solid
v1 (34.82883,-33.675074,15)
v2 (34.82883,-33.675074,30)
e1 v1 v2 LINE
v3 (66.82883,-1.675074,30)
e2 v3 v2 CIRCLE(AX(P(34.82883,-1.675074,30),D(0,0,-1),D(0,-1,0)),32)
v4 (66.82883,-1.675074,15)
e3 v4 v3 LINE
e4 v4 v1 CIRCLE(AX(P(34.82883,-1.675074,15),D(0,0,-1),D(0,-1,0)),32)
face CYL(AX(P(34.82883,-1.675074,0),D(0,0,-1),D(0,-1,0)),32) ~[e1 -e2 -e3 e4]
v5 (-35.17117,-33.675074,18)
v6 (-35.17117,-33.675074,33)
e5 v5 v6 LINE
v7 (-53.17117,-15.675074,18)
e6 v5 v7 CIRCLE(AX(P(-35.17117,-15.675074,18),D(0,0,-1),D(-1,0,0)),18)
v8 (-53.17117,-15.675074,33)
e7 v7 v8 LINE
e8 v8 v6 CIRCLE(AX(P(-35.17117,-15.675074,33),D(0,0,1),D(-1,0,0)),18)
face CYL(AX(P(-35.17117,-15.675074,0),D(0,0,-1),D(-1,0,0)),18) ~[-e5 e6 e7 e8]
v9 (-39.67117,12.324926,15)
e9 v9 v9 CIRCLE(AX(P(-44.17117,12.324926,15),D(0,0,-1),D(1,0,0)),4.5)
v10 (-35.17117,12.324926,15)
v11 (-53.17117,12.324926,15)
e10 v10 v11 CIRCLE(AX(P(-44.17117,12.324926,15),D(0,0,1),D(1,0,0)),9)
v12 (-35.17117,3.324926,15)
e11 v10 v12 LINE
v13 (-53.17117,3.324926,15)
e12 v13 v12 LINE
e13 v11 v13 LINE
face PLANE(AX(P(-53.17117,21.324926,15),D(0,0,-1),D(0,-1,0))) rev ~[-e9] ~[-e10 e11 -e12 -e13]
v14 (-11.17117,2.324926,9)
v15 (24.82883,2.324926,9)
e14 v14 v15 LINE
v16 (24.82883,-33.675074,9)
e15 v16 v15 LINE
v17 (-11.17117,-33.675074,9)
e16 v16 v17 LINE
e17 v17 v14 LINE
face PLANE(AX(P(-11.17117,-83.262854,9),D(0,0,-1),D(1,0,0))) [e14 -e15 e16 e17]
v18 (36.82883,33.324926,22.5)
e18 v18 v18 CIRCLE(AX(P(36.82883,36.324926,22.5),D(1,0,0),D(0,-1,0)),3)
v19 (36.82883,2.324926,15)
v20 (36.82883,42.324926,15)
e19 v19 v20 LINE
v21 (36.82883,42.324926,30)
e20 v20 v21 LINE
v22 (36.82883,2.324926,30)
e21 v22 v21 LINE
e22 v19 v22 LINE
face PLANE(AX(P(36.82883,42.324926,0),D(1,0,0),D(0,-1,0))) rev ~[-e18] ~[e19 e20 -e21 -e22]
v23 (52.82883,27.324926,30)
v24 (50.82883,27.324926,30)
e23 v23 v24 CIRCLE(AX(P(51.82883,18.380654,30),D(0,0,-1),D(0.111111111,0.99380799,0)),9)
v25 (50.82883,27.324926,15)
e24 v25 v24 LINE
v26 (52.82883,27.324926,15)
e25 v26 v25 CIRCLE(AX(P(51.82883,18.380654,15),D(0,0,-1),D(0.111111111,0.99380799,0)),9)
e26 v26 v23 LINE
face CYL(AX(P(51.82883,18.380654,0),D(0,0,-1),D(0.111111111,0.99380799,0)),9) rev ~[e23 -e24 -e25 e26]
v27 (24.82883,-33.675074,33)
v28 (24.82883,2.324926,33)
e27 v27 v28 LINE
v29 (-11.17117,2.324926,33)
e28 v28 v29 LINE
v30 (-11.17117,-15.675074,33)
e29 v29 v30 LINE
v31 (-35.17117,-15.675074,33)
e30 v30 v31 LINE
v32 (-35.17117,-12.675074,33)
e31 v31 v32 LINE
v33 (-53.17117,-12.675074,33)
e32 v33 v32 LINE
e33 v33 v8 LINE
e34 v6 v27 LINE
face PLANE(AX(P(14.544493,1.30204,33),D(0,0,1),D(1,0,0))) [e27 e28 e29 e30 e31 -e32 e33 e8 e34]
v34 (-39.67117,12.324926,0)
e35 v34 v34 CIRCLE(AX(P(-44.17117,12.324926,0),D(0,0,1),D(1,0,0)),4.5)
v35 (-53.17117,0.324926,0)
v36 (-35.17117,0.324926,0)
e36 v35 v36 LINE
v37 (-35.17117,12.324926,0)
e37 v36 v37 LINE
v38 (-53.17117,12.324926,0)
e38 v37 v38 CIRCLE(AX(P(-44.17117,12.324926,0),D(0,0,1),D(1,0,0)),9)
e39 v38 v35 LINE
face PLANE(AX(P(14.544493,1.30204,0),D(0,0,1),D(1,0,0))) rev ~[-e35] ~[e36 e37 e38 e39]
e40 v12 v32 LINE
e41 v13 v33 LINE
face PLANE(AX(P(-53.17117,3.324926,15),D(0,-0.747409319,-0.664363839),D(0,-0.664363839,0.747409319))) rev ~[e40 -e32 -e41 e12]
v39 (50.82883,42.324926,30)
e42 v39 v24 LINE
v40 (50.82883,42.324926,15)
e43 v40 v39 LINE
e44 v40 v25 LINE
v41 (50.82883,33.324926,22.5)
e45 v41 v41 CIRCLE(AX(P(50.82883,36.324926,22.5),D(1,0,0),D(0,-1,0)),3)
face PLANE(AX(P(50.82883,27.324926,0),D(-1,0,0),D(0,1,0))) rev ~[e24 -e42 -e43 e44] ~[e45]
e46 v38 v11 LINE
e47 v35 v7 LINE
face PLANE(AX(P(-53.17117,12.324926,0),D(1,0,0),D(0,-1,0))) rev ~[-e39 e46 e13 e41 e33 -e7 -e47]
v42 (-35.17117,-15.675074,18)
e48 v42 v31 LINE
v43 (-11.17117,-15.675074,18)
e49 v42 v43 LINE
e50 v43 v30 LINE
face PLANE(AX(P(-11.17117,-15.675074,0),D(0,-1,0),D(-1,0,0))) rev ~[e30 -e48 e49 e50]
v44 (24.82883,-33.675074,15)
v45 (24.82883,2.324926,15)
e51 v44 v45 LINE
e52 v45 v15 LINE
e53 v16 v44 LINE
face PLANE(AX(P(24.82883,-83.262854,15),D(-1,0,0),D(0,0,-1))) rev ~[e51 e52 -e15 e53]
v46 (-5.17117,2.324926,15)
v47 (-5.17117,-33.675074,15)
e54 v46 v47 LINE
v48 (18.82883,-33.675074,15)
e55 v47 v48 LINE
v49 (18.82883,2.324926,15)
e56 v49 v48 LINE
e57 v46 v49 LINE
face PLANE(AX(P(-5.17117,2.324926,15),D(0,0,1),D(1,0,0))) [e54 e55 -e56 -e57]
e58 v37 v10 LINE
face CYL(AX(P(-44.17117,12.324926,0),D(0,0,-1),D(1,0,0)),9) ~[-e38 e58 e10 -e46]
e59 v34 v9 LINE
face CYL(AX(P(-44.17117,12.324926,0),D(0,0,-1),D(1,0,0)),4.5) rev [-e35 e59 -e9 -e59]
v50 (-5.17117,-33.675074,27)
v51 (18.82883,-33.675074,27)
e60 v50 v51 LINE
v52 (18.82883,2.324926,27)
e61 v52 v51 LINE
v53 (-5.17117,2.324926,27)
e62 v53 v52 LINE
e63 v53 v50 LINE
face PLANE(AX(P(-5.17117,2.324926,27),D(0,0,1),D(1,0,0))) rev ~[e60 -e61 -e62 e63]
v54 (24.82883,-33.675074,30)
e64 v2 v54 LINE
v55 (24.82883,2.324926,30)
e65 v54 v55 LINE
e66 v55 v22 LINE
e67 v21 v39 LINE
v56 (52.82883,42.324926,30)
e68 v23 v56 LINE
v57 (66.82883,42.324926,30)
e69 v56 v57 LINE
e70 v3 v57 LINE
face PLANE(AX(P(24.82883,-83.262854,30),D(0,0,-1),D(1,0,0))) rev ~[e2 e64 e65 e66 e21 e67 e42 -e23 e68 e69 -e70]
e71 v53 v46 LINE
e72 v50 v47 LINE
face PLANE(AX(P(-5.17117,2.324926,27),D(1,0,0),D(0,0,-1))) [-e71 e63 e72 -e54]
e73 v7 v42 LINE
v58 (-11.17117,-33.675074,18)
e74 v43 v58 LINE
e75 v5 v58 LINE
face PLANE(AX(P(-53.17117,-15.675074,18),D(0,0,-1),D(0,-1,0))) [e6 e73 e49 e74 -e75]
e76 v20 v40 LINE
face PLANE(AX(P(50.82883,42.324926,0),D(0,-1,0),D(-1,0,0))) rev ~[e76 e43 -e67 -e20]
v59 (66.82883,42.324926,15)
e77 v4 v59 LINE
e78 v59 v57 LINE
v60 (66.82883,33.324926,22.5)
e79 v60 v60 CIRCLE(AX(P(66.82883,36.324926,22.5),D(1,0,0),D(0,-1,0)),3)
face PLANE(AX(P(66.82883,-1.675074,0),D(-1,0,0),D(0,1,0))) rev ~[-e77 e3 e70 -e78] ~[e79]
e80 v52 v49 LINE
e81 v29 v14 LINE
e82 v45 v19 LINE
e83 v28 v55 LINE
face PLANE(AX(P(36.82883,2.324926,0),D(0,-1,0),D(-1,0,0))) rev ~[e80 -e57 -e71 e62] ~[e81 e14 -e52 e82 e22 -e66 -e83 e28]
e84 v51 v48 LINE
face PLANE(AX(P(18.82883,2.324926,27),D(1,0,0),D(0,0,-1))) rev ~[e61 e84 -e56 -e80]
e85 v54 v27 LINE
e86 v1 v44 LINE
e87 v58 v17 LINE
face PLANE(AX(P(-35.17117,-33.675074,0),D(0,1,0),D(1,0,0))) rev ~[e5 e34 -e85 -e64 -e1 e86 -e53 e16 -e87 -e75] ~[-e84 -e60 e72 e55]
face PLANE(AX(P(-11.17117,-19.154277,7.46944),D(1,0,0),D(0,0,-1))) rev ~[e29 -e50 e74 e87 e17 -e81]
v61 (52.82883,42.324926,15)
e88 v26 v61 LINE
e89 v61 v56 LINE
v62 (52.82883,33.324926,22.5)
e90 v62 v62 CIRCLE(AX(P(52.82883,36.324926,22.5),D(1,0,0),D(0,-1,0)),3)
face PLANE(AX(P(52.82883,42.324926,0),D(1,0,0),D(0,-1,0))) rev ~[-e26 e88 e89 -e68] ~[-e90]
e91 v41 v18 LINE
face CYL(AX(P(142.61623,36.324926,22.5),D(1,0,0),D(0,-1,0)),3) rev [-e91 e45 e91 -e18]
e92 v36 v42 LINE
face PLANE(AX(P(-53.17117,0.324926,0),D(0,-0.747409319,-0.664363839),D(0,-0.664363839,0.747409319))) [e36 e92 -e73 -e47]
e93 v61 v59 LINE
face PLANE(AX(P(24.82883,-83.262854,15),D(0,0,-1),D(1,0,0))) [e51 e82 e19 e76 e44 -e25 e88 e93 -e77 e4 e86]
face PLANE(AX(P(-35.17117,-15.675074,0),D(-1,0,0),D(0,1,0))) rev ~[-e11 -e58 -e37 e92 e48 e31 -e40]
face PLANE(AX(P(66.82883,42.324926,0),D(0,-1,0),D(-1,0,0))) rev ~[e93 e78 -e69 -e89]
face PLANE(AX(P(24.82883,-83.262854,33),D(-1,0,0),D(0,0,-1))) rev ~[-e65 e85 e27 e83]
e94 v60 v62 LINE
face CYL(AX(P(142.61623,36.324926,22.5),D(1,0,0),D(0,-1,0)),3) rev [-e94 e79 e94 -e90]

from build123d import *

# Parameters (mm, degrees)
SKETCH_1_R               = 4.5
EXTRUDE_2_DEPTH          = 33
CUT_EXTRUDE_3_DEPTH      = 42
SKETCH_6_W               = 24
SKETCH_6_H               = 12
CUT_EXTRUDE_4_DEPTH      = 85.587779831
CUT_EXTRUDE_5_DEPTH      = 85.587779831
CUT_EXTRUDE_5_DEPTH_BACK = 85.587779831
SKETCH_7_W               = 78
SKETCH_7_H               = 9
CUT_EXTRUDE_6_DEPTH      = 85.587779831
CUT_EXTRUDE_6_DEPTH_BACK = 85.587779831
SKETCH_8_W               = 42
SKETCH_8_H               = 6
SKETCH_8_H_2             = 3
CUT_EXTRUDE_7_DEPTH      = 105.787400596
CUT_EXTRUDE_7_DEPTH_BACK = 105.787400596
SKETCH_9_R               = 3


with BuildPart() as part:
    # 草图1 → 凸台-拉伸2 (new body)
    with BuildSketch(Plane.XY):
        with BuildLine():
            Line((52.828829832, 42.32492556), (52.828829832, 27.32492556))
            ThreePointArc((52.828829832, 27.32492556), (51.828829832, 9.38065365), (50.828829832, 27.32492556))
            Line((50.828829832, 27.32492556), (50.828829832, 42.32492556))
            Line((50.828829832, 42.32492556), (36.828829832, 42.32492556))
            Line((36.828829832, 42.32492556), (36.828829832, 2.32492556))
            Line((36.828829832, 2.32492556), (-11.171170168, 2.32492556))
            Line((-11.171170168, 2.32492556), (-11.171170168, -15.67507444))
            Line((-11.171170168, -15.67507444), (-35.171170168, -15.67507444))
            Line((-35.171170168, -15.67507444), (-35.171170168, 12.32492556))
            ThreePointArc((-35.171170168, 12.32492556), (-44.171170168, 21.32492556), (-53.171170168, 12.32492556))
            Line((-53.171170168, 12.32492556), (-53.171170168, -15.67507444))
            ThreePointArc((-53.171170168, -15.67507444), (-47.899092229, -28.402996501), (-35.171170168, -33.67507444))
            Line((-35.171170168, -33.67507444), (34.828829832, -33.67507444))
            ThreePointArc((34.828829832, -33.67507444), (57.45624683, -24.302491437), (66.828829832, -1.67507444))
            Line((66.828829832, -1.67507444), (66.828829832, 42.32492556))
            Line((66.828829832, 42.32492556), (52.828829832, 42.32492556))
        make_face()
        with Locations((-44.171170168, 12.32492556)):
            Circle(SKETCH_1_R, mode=Mode.SUBTRACT)
    extrude(amount=EXTRUDE_2_DEPTH)

    # 草图4 → 切除-拉伸3 (cut)
    with BuildSketch(Plane.ZY.offset(53.171170168)):
        Polygon((0, 0.32492556), (18, -15.67507444), (18, -33.67507444), (0, -33.67507444), align=None)
        Polygon((15, 21.32492556), (15, 3.32492556), (33, -12.67507444), (33, 21.32492556), align=None)
    extrude(amount=-CUT_EXTRUDE_3_DEPTH, mode=Mode.SUBTRACT)

    # 草图6 → 切除-拉伸4 (cut, through all)
    with BuildSketch(Plane(origin=(0, 2.32492556, 0), x_dir=(1, 0, 0), z_dir=(0, 1, 0))):
        with Locations((6.828829832, -21)):
            Rectangle(SKETCH_6_W, SKETCH_6_H)
    extrude(amount=-CUT_EXTRUDE_4_DEPTH, mode=Mode.SUBTRACT)

    # 草图7 → 切除-拉伸5 (cut, two sides: drawn at the far end of the back side and taken through both)
    with BuildSketch(Plane(origin=(0, 2.32492556, 0), x_dir=(1, 0, 0), z_dir=(0, 1, 0)).offset(-CUT_EXTRUDE_5_DEPTH_BACK)):
        with Locations((27.828829832, -4.5)):
            Rectangle(SKETCH_7_W, SKETCH_7_H)
    extrude(amount=CUT_EXTRUDE_5_DEPTH + CUT_EXTRUDE_5_DEPTH_BACK, mode=Mode.SUBTRACT)

    # 草图8 → 切除-拉伸6 (cut, two sides: drawn at the far end of the back side and taken through both)
    with BuildSketch(Plane(origin=(0, 2.32492556, 0), x_dir=(1, 0, 0), z_dir=(0, 1, 0)).offset(-CUT_EXTRUDE_6_DEPTH_BACK)):
        with Locations((45.828829832, -12)):
            Rectangle(SKETCH_8_W, SKETCH_8_H)
        with Locations((45.828829832, -31.5)):
            Rectangle(SKETCH_8_W, SKETCH_8_H_2)
    extrude(amount=CUT_EXTRUDE_6_DEPTH + CUT_EXTRUDE_6_DEPTH_BACK, mode=Mode.SUBTRACT)

    # 草图9 → 切除-拉伸7 (cut, two sides: drawn at the far end of the back side and taken through both)
    with BuildSketch(Plane.ZY.offset(-36.828829832).offset(-CUT_EXTRUDE_7_DEPTH_BACK)):
        with Locations(Location((22.5, 36.32492556, 0), (0, 0, 270))):
            Circle(SKETCH_9_R)
    extrude(amount=CUT_EXTRUDE_7_DEPTH + CUT_EXTRUDE_7_DEPTH_BACK, mode=Mode.SUBTRACT)


solid = part.part
